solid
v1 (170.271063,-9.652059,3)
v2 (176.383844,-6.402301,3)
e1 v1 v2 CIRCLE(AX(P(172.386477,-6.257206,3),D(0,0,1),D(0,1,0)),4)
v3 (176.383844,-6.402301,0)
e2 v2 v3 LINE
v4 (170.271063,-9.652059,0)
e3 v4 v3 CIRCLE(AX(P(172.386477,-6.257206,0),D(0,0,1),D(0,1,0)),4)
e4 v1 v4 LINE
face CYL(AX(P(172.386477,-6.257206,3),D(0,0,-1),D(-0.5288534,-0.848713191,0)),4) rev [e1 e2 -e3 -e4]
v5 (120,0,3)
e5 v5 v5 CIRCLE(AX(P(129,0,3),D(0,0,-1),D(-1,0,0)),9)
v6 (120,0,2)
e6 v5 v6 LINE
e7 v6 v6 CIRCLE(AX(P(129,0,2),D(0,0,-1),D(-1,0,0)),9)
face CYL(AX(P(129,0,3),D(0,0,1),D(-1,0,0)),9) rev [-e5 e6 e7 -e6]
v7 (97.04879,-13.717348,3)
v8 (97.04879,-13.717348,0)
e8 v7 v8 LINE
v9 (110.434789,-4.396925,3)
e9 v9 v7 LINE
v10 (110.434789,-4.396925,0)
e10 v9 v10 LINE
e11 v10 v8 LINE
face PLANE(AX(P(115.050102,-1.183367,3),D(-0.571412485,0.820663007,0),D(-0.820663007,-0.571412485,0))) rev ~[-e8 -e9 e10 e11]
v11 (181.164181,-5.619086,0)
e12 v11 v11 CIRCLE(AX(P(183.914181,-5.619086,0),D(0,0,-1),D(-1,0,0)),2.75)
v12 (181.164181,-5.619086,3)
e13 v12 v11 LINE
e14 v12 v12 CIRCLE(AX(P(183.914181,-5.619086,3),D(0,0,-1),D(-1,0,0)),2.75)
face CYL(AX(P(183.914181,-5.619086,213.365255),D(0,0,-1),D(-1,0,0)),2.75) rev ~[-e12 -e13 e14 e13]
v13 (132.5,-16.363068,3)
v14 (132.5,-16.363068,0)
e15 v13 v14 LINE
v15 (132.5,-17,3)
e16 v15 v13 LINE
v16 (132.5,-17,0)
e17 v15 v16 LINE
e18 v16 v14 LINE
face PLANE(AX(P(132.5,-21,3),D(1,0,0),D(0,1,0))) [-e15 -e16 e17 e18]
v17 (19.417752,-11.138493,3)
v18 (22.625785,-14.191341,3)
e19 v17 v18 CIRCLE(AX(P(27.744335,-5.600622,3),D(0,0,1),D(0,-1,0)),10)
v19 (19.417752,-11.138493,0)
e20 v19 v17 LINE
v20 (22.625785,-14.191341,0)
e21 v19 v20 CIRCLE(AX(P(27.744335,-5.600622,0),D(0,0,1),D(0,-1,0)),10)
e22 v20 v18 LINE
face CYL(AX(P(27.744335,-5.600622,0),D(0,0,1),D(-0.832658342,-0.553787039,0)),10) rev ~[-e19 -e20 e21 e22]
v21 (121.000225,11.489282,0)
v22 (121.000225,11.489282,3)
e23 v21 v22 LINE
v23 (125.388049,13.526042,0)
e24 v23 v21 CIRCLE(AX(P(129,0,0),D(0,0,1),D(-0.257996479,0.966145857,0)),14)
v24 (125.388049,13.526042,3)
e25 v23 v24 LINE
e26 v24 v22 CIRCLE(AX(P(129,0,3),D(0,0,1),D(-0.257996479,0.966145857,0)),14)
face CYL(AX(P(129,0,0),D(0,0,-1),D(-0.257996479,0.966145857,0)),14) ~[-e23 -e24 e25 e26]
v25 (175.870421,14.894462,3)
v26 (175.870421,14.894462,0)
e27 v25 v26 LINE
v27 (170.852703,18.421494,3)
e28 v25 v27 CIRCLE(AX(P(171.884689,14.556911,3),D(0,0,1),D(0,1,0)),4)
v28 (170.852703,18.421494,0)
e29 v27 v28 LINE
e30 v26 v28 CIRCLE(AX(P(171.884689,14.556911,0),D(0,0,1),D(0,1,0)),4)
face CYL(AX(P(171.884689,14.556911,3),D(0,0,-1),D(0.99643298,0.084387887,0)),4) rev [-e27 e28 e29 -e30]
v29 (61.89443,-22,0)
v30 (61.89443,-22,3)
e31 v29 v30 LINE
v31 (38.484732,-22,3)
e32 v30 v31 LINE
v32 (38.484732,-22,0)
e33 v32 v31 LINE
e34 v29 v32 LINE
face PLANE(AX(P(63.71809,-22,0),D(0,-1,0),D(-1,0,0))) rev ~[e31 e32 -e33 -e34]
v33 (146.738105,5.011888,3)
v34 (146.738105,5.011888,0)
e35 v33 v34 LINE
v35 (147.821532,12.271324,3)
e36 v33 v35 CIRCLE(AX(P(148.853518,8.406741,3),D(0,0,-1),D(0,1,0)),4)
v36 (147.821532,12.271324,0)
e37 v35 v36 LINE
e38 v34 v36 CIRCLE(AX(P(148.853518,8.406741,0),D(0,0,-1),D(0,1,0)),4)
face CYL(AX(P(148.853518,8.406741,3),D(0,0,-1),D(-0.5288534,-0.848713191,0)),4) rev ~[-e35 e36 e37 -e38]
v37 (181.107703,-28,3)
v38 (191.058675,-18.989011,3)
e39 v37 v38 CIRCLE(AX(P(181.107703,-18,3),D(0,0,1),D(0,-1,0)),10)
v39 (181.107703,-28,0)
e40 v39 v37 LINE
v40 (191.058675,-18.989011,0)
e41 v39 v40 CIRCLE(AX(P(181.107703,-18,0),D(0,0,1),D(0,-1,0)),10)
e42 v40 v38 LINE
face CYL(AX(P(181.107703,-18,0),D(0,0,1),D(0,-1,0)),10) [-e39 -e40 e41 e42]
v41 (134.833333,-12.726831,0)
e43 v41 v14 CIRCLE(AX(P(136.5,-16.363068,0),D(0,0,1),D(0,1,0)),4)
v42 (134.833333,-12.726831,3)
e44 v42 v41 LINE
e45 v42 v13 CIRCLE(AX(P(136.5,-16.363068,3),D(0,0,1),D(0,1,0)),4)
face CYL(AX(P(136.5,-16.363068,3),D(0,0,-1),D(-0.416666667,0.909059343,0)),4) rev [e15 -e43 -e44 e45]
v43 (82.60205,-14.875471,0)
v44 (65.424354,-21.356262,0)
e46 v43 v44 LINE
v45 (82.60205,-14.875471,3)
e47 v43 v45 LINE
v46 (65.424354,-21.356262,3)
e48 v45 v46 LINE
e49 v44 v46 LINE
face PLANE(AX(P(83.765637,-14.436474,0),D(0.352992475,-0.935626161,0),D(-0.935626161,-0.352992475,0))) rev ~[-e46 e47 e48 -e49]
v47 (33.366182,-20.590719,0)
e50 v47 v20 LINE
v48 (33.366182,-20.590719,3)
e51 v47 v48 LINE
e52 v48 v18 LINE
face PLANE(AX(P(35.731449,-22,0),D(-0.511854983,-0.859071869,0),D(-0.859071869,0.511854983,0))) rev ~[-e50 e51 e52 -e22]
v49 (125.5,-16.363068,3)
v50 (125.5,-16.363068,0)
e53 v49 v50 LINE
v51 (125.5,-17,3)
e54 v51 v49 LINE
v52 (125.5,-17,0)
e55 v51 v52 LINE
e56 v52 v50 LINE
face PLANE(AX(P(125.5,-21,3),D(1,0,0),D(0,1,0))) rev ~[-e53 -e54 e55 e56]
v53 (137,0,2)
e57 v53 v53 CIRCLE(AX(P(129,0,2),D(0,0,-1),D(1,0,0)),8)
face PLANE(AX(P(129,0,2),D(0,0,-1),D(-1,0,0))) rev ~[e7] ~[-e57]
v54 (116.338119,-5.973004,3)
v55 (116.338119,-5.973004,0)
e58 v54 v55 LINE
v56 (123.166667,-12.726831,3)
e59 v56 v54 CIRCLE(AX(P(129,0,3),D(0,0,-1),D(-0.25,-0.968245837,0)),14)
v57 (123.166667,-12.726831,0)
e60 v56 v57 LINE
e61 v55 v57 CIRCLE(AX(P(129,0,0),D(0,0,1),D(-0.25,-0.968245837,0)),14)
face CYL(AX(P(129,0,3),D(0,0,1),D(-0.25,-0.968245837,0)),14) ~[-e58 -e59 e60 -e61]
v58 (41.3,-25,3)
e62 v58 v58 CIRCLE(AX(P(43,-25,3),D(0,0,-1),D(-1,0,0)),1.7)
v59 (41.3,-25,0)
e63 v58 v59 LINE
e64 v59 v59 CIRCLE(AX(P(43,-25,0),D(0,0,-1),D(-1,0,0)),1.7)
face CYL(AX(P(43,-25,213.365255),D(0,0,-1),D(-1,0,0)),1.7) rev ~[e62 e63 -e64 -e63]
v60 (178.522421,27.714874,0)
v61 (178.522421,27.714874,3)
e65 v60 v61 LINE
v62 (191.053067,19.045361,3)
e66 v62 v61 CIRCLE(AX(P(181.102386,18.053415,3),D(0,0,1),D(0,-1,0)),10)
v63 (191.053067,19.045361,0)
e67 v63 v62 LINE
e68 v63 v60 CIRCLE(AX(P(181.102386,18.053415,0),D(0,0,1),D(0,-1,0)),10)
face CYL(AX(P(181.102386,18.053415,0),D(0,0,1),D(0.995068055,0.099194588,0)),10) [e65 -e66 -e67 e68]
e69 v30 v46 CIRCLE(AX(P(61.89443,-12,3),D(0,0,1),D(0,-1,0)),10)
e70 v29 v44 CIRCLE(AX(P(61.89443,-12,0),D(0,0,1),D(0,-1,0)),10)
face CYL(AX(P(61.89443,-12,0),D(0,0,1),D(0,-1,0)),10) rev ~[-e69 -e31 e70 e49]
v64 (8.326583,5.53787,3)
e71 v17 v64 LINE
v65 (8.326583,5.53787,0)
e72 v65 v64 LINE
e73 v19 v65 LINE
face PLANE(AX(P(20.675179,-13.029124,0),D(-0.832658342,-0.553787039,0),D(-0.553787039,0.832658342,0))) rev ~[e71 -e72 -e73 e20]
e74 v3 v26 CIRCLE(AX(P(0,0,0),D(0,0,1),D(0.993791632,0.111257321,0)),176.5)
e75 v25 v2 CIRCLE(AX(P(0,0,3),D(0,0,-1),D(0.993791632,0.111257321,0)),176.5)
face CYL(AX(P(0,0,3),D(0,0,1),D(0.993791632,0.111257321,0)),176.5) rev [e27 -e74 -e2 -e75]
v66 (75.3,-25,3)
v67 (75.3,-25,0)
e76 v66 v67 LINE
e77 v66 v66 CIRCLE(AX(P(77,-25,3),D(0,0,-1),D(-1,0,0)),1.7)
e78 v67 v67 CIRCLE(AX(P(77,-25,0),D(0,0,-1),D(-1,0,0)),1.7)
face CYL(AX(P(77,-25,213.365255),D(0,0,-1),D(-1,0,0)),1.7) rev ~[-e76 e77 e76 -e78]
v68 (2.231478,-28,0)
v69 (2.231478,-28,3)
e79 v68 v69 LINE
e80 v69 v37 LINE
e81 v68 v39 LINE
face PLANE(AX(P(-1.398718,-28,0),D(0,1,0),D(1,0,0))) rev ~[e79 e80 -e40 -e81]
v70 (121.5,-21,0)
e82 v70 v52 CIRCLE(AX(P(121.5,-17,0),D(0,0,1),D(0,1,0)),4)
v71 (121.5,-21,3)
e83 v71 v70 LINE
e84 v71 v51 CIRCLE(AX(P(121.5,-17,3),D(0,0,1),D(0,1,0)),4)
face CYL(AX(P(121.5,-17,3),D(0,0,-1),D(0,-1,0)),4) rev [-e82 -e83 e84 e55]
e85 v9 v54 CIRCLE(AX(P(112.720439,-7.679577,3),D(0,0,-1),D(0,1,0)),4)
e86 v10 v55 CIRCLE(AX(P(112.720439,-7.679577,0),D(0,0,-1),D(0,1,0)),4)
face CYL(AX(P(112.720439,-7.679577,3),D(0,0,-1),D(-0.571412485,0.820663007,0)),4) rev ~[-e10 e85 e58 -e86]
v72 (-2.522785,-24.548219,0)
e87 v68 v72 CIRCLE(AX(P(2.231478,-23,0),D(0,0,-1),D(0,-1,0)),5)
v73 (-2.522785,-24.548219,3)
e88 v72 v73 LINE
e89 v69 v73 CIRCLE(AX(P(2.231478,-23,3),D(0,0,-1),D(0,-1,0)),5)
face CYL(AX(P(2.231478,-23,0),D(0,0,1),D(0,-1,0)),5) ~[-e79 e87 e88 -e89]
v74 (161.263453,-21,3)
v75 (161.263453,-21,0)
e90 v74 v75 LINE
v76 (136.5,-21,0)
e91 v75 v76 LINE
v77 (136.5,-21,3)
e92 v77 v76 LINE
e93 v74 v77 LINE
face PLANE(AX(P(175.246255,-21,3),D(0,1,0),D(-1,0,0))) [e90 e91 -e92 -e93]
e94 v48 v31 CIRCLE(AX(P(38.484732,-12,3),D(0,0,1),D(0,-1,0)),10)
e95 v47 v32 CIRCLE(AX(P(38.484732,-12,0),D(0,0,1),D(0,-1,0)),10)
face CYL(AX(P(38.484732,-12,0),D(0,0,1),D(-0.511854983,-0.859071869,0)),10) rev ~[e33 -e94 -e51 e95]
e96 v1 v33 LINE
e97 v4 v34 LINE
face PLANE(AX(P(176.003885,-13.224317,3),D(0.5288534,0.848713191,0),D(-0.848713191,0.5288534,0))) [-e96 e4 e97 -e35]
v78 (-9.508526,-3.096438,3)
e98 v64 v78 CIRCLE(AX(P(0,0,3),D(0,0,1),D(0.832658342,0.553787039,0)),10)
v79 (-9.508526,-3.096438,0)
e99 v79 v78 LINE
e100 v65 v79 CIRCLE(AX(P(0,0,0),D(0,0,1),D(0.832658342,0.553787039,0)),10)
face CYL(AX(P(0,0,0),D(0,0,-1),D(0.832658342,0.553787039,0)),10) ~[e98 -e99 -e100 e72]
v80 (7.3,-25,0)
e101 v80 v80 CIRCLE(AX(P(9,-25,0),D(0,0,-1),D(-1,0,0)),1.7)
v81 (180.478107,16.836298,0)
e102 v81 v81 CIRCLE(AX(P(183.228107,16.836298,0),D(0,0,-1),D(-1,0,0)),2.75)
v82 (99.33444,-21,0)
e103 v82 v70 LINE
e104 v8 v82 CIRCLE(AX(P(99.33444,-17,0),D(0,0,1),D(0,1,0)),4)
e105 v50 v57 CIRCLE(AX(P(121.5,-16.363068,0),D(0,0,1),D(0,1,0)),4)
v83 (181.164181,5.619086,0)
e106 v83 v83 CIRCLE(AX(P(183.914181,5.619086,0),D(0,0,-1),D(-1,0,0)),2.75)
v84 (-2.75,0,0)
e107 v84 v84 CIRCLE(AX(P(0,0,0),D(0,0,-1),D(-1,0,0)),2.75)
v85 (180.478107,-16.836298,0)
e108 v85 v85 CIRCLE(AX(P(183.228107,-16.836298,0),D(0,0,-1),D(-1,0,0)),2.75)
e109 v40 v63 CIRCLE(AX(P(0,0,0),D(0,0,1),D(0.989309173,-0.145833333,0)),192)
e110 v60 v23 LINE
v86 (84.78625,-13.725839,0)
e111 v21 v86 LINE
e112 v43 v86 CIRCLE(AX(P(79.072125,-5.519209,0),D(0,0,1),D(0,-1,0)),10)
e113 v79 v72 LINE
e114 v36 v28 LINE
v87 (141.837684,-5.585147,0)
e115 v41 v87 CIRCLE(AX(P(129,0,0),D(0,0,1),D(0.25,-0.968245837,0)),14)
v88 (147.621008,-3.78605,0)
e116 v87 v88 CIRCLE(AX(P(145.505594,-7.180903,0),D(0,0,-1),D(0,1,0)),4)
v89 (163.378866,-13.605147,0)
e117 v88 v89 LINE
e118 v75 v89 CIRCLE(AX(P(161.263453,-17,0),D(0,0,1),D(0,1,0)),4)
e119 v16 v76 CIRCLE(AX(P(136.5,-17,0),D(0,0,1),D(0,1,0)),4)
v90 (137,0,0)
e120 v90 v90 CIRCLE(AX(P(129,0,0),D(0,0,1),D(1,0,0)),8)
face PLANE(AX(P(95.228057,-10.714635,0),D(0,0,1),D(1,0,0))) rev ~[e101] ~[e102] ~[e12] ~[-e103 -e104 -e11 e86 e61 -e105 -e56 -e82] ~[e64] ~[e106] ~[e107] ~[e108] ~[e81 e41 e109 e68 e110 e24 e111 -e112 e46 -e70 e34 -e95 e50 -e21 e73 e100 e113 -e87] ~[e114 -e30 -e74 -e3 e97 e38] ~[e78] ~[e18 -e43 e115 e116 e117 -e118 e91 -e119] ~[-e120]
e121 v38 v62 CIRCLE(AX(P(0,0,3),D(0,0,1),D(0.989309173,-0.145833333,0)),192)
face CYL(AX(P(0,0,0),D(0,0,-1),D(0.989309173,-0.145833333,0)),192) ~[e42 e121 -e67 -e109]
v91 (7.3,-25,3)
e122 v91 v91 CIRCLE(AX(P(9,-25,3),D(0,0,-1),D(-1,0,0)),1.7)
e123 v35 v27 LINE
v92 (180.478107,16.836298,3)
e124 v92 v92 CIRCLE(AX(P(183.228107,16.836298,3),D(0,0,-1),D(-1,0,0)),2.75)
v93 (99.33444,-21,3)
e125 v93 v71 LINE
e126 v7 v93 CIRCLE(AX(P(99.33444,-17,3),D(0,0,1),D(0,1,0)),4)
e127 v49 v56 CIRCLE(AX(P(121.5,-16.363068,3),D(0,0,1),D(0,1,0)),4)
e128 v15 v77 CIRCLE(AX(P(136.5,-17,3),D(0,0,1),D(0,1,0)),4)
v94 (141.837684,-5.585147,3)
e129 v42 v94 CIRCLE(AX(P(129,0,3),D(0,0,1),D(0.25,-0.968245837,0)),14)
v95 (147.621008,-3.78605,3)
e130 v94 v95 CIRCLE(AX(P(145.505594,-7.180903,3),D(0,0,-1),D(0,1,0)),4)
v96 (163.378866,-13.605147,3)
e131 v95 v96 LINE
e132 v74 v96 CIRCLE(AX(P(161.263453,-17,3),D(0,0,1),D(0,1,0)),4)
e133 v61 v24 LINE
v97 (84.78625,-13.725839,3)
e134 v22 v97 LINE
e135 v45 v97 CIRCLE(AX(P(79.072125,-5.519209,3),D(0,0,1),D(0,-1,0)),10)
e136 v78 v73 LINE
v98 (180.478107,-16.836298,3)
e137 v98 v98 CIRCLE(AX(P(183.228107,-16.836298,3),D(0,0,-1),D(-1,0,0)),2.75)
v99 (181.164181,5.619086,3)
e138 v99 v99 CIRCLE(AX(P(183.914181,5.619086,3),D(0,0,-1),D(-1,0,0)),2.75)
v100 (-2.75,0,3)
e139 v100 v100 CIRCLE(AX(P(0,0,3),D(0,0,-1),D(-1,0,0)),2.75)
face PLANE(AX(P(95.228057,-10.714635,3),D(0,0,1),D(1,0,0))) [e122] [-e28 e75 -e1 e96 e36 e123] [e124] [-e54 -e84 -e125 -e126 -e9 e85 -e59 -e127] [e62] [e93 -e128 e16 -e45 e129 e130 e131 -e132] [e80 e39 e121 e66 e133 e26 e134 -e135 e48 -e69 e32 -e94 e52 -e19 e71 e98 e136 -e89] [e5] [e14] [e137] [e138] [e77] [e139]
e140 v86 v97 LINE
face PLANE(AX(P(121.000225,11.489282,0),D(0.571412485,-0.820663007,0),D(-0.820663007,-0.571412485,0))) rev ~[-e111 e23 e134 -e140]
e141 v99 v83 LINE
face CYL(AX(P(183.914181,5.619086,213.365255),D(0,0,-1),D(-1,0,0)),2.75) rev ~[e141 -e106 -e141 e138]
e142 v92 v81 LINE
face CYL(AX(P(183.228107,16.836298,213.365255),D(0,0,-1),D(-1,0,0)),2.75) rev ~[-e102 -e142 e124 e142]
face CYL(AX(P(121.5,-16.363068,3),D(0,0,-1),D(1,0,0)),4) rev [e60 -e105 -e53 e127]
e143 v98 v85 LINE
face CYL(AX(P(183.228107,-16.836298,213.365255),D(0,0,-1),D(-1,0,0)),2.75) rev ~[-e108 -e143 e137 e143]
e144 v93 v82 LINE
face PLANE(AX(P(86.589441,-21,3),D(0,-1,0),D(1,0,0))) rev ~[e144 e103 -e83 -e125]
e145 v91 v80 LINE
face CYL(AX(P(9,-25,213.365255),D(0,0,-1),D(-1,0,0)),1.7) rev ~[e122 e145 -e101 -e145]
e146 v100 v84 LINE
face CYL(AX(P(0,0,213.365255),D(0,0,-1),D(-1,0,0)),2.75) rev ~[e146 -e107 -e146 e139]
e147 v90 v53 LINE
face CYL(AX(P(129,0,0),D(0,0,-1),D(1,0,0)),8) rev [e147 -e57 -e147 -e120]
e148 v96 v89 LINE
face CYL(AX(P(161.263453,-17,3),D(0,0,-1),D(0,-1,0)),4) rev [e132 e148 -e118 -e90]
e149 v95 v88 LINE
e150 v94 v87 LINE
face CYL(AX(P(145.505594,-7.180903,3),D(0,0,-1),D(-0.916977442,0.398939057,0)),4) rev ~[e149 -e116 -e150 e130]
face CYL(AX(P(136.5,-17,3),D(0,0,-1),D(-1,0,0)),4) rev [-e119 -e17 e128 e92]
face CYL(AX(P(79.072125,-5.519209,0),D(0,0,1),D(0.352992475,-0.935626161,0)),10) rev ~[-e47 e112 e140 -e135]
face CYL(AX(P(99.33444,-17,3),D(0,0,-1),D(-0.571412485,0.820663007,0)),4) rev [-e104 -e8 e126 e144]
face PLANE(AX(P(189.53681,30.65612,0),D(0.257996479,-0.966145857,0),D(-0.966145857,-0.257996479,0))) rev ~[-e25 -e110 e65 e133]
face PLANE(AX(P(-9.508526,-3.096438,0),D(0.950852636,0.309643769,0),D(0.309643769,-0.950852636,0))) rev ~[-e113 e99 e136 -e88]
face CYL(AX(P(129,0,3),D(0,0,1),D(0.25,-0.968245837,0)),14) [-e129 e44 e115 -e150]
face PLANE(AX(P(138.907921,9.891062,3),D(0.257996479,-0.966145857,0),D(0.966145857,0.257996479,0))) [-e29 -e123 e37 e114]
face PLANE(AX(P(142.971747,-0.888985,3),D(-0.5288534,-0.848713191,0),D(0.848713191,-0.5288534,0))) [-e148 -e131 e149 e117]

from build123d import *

# Parameters (mm, degrees)
SKETCH_1_R          = 8
EXTRUDE_1_DEPTH     = 3
HOLE_WIZARD_M31_D   = 3.4
HOLE_WIZARD_M51_D   = 5.5
HOLE_WIZARD_M52_D   = 5.5
FILLET_1_R          = 10
FILLET_2_R          = 5
CUT_EXTRUDE_1_DEPTH = 195.061830596
FILLET_3_R          = 4
SKETCH_9_R          = 9
CUT_EXTRUDE_2_DEPTH = 1


with BuildPart() as part:
    # Эскиз1 → Бобышка-Вытянуть1 (new body)
    with BuildSketch(Plane.XY):
        with BuildLine():
            Line((-9.508526364, -3.096437692), (-1.398717752, -28))
            Line((-1.398717752, -28), (189.947361129, -28))
            ThreePointArc((189.947361129, -28), (191.995297124, 1.34383112), (189.536809823, 30.656120467))
            Line((189.536809823, 30.656120467), (125.388049295, 13.526041997))
            ThreePointArc((125.388049295, 13.526041997), (123.105499175, 12.698616461), (121.000225207, 11.489282104))
            Line((121.000225207, 11.489282104), (83.76563687, -14.436473614))
            Line((83.76563687, -14.436473614), (63.718090084, -22))
            Line((63.718090084, -22), (35.731449132, -22))
            Line((35.731449132, -22), (20.675178874, -13.02912429))
            Line((20.675178874, -13.02912429), (8.326583423, 5.537870395))
            ThreePointArc((8.326583423, 5.537870395), (-4.357415095, 9.00071851), (-9.508526364, -3.096437692))
        make_face()
        with Locations((129, 0)):
            Circle(SKETCH_1_R, mode=Mode.SUBTRACT)
    extrude(amount=EXTRUDE_1_DEPTH)

    # Отверстие с зазором M31 (through all)
    with Locations(Plane.XY.offset(3)):
        with Locations((9, -25), (43, -25), (77, -25)):
            Hole(HOLE_WIZARD_M31_D / 2)

    # Отверстие с зазором M51 (through all)
    with Locations(Plane.XY.offset(3)):
        with Locations((0, 0)):
            Hole(HOLE_WIZARD_M51_D / 2)

    # Отверстие с зазором M52 (through all)
    with Locations(Plane.XY.offset(3)):
        with Locations((183.228106674, 16.836297834), (183.914180714, 5.619086431), (183.914180714, -5.619086431), (183.228106674, -16.836297834)):
            Hole(HOLE_WIZARD_M52_D / 2)

    # Скругление1
    fillet_1_edges = [part.edges().sort_by_distance(p)[0] for p in [
        (35.731449132, -22, 1.5),
        (63.718090084, -22, 1.5),
        (83.76563687, -14.436473614, 1.5),
        (189.536809823, 30.656120467, 1.5),
        (189.947361129, -28, 1.5),
        (20.675178874, -13.02912429, 1.5),
    ]]
    fillet(fillet_1_edges, radius=FILLET_1_R)

    # Скругление2
    fillet_2_edges = [part.edges().sort_by_distance(p)[0] for p in [
        (-1.398717752, -28, 1.5),
    ]]
    fillet(fillet_2_edges, radius=FILLET_2_R)

    # Эскиз8 → Вырез-Вытянуть1 (cut, through all)
    with BuildSketch(Plane.XY.offset(3)):
        with BuildLine():
            Line((138.90792063, 9.891062066), (175.404223108, 19.636917172))
            ThreePointArc((175.404223108, 19.636917172), (176.470620047, 3.220288824), (176.003884761, -13.22431658))
            Line((176.003884761, -13.22431658), (138.90792063, 9.891062066))
        make_face()
        with BuildLine():
            Line((142.971746687, -0.888985098), (175.246255309, -21))
            Line((175.246255309, -21), (132.5, -21))
            Line((132.5, -21), (132.5, -13.555441712))
            ThreePointArc((132.5, -13.555441712), (139.790053932, -8.92046726), (142.971746687, -0.888985098))
        make_face()
        with BuildLine():
            Line((115.05010243, -1.183367143), (86.589440581, -21))
            Line((86.589440581, -21), (125.5, -21))
            Line((125.5, -21), (125.5, -13.555441712))
            ThreePointArc((125.5, -13.555441712), (118.304590303, -9.033726331), (115.05010243, -1.183367143))
        make_face()
    extrude(amount=-CUT_EXTRUDE_1_DEPTH, mode=Mode.SUBTRACT)

    # Скругление3
    fillet_3_edges = [part.edges().sort_by_distance(p)[0] for p in [
        (175.404223108, 19.636917172, 1.5),
        (176.003884761, -13.22431658, 1.5),
        (138.90792063, 9.891062066, 1.5),
        (115.05010243, -1.183367143, 1.5),
        (125.5, -13.555441712, 1.5),
        (125.5, -21, 1.5),
        (86.589440581, -21, 1.5),
        (175.246255309, -21, 1.5),
        (132.5, -21, 1.5),
        (132.5, -13.555441712, 1.5),
        (142.971746687, -0.888985098, 1.5),
    ]]
    fillet(fillet_3_edges, radius=FILLET_3_R)

    # Эскиз9 → Вырез-Вытянуть2 (cut)
    with BuildSketch(Plane(origin=(0, 0, 3), x_dir=(-1, 0, 0), z_dir=(0, 0, -1))):
        with Locations((-129, 0)):
            Circle(SKETCH_9_R)
    extrude(amount=CUT_EXTRUDE_2_DEPTH, mode=Mode.SUBTRACT)


solid = part.part
